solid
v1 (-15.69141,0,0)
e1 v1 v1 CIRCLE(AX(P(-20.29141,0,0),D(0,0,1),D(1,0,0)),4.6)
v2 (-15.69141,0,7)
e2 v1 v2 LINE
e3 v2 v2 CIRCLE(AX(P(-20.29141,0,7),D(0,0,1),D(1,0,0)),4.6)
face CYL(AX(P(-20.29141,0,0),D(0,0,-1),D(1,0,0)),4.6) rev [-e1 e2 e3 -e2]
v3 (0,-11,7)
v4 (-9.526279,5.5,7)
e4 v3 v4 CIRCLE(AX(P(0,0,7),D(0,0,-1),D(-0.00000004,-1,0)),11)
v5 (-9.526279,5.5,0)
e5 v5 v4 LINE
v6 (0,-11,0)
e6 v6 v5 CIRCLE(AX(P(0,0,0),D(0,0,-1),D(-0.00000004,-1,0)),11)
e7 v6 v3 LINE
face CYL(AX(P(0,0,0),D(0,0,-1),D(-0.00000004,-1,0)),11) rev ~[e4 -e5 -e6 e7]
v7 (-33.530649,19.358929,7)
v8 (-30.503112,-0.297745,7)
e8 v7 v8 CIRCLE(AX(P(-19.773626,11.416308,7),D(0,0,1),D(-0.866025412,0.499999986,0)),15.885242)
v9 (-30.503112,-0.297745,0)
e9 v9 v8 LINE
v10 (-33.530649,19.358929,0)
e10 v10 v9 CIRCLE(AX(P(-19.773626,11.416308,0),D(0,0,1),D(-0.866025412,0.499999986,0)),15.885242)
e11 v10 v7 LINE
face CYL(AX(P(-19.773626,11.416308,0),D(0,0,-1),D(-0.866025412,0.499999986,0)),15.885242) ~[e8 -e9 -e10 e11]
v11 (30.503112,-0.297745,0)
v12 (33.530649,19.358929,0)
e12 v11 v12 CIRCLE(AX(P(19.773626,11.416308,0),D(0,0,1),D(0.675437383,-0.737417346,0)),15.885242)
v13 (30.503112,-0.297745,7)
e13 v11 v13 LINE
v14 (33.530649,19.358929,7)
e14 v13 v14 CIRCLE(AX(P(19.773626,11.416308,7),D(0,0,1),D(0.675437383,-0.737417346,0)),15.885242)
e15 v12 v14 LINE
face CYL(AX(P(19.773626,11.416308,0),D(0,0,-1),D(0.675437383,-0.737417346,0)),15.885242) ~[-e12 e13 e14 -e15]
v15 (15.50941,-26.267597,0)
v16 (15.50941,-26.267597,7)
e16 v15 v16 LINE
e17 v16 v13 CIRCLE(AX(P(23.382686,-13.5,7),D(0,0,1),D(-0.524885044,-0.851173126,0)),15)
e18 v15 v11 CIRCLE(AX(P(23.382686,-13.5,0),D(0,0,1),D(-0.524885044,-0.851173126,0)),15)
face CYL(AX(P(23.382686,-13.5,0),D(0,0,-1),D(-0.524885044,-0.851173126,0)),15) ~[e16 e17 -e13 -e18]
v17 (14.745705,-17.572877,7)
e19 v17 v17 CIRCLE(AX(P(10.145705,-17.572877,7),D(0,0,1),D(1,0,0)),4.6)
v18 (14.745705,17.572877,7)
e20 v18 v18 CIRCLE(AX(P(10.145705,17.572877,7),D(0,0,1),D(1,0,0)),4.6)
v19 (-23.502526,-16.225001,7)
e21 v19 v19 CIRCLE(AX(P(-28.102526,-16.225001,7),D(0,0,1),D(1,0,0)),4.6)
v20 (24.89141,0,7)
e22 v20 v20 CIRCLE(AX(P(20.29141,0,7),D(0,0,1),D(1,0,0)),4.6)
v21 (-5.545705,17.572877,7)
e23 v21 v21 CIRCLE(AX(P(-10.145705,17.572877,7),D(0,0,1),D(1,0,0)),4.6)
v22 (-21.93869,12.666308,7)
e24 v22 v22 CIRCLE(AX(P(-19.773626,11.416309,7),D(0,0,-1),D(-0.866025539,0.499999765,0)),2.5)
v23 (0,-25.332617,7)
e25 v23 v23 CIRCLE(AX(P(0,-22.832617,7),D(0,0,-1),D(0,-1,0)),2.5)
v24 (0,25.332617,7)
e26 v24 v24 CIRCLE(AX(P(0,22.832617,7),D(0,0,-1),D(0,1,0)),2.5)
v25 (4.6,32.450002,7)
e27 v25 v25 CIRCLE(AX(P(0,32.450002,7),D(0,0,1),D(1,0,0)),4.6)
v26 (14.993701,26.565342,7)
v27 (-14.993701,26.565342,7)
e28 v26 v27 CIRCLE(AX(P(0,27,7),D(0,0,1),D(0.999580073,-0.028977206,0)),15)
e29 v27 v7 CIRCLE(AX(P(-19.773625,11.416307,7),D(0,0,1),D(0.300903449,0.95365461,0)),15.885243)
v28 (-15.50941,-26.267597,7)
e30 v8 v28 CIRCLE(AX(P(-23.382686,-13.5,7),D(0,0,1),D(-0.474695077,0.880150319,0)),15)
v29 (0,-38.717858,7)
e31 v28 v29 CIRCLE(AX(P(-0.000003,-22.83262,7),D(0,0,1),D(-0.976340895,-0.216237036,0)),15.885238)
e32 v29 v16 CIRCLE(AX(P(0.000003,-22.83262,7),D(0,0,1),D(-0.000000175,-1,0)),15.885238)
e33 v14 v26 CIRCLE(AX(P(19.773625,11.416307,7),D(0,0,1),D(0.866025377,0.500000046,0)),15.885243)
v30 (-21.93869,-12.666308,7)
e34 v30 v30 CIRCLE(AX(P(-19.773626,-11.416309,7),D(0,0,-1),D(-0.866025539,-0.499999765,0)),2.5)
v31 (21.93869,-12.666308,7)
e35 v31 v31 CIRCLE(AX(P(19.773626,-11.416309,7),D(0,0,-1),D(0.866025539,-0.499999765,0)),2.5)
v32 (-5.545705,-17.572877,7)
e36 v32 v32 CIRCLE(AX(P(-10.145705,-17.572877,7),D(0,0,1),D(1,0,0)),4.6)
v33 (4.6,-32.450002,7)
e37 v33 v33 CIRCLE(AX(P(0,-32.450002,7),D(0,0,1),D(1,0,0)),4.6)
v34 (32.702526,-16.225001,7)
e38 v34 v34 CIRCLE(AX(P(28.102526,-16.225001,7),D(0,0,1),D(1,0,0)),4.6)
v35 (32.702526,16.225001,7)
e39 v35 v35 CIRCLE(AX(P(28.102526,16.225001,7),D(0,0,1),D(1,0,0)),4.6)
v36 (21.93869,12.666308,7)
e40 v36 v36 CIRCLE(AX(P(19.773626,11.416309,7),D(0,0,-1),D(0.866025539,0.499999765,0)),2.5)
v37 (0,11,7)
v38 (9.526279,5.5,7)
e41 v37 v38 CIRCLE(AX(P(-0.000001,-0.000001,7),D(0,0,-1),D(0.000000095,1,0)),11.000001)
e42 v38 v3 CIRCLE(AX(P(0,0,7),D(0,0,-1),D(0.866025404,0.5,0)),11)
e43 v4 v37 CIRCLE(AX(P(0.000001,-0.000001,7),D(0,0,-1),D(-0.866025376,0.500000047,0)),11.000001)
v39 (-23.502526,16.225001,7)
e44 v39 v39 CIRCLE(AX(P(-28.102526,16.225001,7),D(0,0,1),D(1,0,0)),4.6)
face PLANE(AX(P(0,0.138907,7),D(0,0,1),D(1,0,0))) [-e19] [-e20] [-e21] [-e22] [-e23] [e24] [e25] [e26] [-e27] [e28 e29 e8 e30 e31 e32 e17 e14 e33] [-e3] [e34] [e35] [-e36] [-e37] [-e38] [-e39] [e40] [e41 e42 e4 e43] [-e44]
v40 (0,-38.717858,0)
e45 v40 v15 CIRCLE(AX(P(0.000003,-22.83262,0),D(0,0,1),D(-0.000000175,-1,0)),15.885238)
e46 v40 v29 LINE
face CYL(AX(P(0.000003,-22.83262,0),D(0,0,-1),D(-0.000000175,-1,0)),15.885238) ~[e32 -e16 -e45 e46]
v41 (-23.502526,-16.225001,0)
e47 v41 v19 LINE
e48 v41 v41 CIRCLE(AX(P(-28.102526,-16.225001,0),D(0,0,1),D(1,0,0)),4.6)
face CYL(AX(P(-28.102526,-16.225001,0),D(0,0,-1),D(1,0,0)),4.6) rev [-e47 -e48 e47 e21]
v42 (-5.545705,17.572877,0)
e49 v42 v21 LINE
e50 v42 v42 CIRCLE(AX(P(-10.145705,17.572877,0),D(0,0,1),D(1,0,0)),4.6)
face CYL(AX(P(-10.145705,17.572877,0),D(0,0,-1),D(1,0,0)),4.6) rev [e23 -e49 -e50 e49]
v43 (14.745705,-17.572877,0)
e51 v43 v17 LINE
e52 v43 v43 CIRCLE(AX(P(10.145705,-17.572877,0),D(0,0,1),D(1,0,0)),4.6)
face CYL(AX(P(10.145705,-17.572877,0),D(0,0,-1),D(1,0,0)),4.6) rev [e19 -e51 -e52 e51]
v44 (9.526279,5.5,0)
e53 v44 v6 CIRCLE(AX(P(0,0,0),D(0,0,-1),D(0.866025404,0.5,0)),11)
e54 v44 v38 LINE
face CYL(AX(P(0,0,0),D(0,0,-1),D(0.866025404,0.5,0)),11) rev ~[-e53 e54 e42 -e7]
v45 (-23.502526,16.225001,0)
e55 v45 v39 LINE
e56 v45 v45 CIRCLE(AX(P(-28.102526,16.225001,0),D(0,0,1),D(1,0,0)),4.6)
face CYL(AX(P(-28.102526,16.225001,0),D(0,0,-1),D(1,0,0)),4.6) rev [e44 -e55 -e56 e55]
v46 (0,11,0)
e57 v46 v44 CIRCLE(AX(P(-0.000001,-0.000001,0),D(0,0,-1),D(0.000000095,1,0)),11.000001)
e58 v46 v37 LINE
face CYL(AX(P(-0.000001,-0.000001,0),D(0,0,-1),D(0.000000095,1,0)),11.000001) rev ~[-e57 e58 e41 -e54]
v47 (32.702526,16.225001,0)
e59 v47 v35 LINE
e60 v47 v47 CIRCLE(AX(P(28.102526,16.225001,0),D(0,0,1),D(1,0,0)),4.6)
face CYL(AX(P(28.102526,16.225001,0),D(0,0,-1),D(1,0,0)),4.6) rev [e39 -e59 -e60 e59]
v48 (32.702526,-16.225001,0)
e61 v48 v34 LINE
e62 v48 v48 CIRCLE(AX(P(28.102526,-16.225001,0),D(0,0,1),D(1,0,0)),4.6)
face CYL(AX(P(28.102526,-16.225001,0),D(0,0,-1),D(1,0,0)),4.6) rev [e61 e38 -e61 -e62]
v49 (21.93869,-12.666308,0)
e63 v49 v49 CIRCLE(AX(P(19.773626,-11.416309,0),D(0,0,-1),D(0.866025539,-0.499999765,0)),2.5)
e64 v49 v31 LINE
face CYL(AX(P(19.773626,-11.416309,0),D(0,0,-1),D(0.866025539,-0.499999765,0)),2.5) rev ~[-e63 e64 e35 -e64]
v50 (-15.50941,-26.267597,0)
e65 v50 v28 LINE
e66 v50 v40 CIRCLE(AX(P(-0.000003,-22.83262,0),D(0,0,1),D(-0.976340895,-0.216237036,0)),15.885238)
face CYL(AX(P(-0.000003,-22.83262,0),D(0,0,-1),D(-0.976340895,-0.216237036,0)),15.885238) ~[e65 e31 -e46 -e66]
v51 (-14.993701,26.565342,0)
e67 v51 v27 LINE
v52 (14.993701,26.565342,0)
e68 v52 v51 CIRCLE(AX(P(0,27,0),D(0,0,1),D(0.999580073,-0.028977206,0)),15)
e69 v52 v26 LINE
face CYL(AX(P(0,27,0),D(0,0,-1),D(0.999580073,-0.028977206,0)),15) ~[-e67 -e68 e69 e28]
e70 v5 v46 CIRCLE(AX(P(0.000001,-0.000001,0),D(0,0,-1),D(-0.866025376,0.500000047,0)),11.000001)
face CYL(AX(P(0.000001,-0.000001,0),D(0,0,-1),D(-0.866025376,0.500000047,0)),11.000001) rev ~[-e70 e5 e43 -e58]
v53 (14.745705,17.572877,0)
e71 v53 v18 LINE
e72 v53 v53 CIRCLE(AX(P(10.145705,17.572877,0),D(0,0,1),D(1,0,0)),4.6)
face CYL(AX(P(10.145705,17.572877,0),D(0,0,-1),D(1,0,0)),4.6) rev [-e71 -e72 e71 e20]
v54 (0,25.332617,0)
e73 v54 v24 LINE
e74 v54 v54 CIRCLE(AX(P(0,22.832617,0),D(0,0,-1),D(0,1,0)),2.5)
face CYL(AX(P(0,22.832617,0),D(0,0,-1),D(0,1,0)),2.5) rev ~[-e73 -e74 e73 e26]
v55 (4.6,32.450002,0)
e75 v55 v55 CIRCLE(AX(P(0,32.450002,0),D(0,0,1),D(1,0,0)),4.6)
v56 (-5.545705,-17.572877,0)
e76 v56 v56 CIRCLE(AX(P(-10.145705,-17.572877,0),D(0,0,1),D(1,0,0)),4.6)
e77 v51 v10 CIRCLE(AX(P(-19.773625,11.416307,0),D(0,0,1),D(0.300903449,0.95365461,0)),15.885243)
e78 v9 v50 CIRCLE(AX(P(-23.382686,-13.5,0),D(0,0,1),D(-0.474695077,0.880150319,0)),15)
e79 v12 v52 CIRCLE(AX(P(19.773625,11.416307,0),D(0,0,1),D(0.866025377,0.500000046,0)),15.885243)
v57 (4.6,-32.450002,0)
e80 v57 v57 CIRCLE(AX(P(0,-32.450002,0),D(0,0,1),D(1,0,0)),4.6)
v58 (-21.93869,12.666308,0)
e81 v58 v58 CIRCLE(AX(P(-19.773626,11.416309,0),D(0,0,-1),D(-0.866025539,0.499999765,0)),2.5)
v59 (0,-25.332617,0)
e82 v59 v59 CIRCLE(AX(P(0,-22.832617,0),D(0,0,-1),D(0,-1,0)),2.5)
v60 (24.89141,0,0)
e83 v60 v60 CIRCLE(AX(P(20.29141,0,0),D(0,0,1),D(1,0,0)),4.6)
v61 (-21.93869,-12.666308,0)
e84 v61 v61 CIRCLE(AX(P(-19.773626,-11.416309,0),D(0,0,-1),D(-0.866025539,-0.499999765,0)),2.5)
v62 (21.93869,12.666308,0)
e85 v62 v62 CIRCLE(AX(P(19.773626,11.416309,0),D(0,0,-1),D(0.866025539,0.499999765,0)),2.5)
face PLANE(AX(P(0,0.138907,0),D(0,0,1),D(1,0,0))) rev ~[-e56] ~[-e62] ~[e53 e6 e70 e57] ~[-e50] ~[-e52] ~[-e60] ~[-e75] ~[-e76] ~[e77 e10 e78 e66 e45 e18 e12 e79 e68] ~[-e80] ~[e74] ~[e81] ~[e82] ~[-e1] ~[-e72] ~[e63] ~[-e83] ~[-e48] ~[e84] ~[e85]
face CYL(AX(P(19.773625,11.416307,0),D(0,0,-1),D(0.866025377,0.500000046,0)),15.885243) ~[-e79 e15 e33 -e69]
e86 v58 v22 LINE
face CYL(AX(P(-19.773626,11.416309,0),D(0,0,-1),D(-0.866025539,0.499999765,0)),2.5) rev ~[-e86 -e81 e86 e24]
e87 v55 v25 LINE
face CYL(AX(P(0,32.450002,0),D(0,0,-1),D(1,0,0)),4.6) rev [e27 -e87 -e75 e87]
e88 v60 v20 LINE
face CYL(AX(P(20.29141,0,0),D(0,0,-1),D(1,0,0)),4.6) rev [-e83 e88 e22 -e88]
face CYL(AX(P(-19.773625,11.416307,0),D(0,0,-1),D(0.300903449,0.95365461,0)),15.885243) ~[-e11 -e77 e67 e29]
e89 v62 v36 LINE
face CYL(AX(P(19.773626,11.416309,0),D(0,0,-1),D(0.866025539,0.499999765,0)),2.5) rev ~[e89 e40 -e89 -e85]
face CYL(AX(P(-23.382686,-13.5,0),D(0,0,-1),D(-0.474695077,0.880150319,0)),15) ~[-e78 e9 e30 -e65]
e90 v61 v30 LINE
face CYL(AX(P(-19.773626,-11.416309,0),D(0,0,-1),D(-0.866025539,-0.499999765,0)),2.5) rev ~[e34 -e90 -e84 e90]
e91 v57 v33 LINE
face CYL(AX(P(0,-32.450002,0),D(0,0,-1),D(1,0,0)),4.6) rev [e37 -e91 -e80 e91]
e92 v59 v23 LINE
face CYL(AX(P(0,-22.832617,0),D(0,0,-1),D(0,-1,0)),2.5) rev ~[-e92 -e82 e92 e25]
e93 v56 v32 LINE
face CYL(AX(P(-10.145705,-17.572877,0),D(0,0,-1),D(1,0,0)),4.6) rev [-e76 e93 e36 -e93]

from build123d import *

# Parameters (mm, degrees)
F0_R     = 4.6
F1_DEPTH = 7


with BuildPart() as f1:
    # F0 (on Top) → F1 (new body)
    with BuildSketch(Plane.XY):
        with BuildLine():
            ThreePointArc((0, -11), (9.526279, -5.5), (9.526279, 5.5))
            ThreePointArc((9.526279, 5.5), (5.5, 9.526279), (0, 11))
            ThreePointArc((0, 11), (-5.5, 9.526279), (-9.526279, 5.5))
            ThreePointArc((-9.526279, 5.5), (-9.526279, -5.5), (0, -11))
        make_face()
        with BuildLine():
            ThreePointArc((30.503112, -0.297745), (35.473737, 8.998164), (33.530649, 19.358929))
            ThreePointArc((33.530649, 19.358929), (25.529507, 26.222075), (14.993701, 26.565342))
            ThreePointArc((14.993701, 26.565342), (0, 42), (-14.993701, 26.565342))
            ThreePointArc((-14.993701, 26.565342), (-25.529507, 26.222075), (-33.530649, 19.358929))
            ThreePointArc((-33.530649, 19.358929), (-35.473737, 8.998164), (-30.503112, -0.297745))
            ThreePointArc((-30.503112, -0.297745), (-36.373067, -21), (-15.50941, -26.267597))
            ThreePointArc((-15.50941, -26.267597), (-9.94423, -35.22024), (0, -38.717858))
            ThreePointArc((0, -38.717858), (9.94423, -35.22024), (15.50941, -26.267597))
            ThreePointArc((15.50941, -26.267597), (36.373067, -21), (30.503112, -0.297745))
        make_face()
        with Locations((-28.102526, -16.225001)):
            Circle(F0_R, mode=Mode.SUBTRACT)
        with BuildLine():
            ThreePointArc((-17.608563, -10.166308), (-18.523626, -13.581372), (-21.93869, -12.666308))
            ThreePointArc((-21.93869, -12.666308), (-21.023626, -9.251245), (-17.608563, -10.166308))
        make_face(mode=Mode.SUBTRACT)
        with Locations((-20.29141, 0)):
            Circle(F0_R, mode=Mode.SUBTRACT)
        with Locations((-10.145705, -17.572877)):
            Circle(F0_R, mode=Mode.SUBTRACT)
        with Locations((0, -32.450002)):
            Circle(F0_R, mode=Mode.SUBTRACT)
        with BuildLine():
            ThreePointArc((0, -20.332617), (2.5, -22.832617), (0, -25.332617))
            ThreePointArc((0, -25.332617), (-2.5, -22.832617), (0, -20.332617))
        make_face(mode=Mode.SUBTRACT)
        with Locations((10.145705, -17.572877)):
            Circle(F0_R, mode=Mode.SUBTRACT)
        with BuildLine():
            ThreePointArc((0, 11), (5.5, 9.526279), (9.526279, 5.5))
            ThreePointArc((9.526279, 5.5), (9.526279, -5.5), (0, -11))
            ThreePointArc((0, -11), (-9.526279, -5.5), (-9.526279, 5.5))
            ThreePointArc((-9.526279, 5.5), (-5.5, 9.526279), (0, 11))
        make_face(mode=Mode.SUBTRACT)
        with Locations((28.102526, -16.225001)):
            Circle(F0_R, mode=Mode.SUBTRACT)
        with BuildLine():
            ThreePointArc((17.608563, -10.166308), (21.023626, -9.251245), (21.93869, -12.666308))
            ThreePointArc((21.93869, -12.666308), (18.523626, -13.581372), (17.608563, -10.166308))
        make_face(mode=Mode.SUBTRACT)
        with Locations((20.29141, 0)):
            Circle(F0_R, mode=Mode.SUBTRACT)
        with BuildLine():
            ThreePointArc((-17.608563, 10.166308), (-21.023626, 9.251245), (-21.93869, 12.666308))
            ThreePointArc((-21.93869, 12.666308), (-18.523626, 13.581372), (-17.608563, 10.166308))
        make_face(mode=Mode.SUBTRACT)
        with Locations((-28.102526, 16.225001)):
            Circle(F0_R, mode=Mode.SUBTRACT)
        with Locations((-10.145705, 17.572877)):
            Circle(F0_R, mode=Mode.SUBTRACT)
        with Locations((10.145705, 17.572877)):
            Circle(F0_R, mode=Mode.SUBTRACT)
        with BuildLine():
            ThreePointArc((17.608563, 10.166308), (18.523626, 13.581372), (21.93869, 12.666308))
            ThreePointArc((21.93869, 12.666308), (21.023626, 9.251245), (17.608563, 10.166308))
        make_face(mode=Mode.SUBTRACT)
        with Locations((28.102526, 16.225001)):
            Circle(F0_R, mode=Mode.SUBTRACT)
        with BuildLine():
            ThreePointArc((0, 20.332617), (-2.5, 22.832617), (0, 25.332617))
            ThreePointArc((0, 25.332617), (2.5, 22.832617), (0, 20.332617))
        make_face(mode=Mode.SUBTRACT)
        with Locations((0, 32.450002)):
            Circle(F0_R, mode=Mode.SUBTRACT)
    extrude(amount=F1_DEPTH)


solid = f1.part
